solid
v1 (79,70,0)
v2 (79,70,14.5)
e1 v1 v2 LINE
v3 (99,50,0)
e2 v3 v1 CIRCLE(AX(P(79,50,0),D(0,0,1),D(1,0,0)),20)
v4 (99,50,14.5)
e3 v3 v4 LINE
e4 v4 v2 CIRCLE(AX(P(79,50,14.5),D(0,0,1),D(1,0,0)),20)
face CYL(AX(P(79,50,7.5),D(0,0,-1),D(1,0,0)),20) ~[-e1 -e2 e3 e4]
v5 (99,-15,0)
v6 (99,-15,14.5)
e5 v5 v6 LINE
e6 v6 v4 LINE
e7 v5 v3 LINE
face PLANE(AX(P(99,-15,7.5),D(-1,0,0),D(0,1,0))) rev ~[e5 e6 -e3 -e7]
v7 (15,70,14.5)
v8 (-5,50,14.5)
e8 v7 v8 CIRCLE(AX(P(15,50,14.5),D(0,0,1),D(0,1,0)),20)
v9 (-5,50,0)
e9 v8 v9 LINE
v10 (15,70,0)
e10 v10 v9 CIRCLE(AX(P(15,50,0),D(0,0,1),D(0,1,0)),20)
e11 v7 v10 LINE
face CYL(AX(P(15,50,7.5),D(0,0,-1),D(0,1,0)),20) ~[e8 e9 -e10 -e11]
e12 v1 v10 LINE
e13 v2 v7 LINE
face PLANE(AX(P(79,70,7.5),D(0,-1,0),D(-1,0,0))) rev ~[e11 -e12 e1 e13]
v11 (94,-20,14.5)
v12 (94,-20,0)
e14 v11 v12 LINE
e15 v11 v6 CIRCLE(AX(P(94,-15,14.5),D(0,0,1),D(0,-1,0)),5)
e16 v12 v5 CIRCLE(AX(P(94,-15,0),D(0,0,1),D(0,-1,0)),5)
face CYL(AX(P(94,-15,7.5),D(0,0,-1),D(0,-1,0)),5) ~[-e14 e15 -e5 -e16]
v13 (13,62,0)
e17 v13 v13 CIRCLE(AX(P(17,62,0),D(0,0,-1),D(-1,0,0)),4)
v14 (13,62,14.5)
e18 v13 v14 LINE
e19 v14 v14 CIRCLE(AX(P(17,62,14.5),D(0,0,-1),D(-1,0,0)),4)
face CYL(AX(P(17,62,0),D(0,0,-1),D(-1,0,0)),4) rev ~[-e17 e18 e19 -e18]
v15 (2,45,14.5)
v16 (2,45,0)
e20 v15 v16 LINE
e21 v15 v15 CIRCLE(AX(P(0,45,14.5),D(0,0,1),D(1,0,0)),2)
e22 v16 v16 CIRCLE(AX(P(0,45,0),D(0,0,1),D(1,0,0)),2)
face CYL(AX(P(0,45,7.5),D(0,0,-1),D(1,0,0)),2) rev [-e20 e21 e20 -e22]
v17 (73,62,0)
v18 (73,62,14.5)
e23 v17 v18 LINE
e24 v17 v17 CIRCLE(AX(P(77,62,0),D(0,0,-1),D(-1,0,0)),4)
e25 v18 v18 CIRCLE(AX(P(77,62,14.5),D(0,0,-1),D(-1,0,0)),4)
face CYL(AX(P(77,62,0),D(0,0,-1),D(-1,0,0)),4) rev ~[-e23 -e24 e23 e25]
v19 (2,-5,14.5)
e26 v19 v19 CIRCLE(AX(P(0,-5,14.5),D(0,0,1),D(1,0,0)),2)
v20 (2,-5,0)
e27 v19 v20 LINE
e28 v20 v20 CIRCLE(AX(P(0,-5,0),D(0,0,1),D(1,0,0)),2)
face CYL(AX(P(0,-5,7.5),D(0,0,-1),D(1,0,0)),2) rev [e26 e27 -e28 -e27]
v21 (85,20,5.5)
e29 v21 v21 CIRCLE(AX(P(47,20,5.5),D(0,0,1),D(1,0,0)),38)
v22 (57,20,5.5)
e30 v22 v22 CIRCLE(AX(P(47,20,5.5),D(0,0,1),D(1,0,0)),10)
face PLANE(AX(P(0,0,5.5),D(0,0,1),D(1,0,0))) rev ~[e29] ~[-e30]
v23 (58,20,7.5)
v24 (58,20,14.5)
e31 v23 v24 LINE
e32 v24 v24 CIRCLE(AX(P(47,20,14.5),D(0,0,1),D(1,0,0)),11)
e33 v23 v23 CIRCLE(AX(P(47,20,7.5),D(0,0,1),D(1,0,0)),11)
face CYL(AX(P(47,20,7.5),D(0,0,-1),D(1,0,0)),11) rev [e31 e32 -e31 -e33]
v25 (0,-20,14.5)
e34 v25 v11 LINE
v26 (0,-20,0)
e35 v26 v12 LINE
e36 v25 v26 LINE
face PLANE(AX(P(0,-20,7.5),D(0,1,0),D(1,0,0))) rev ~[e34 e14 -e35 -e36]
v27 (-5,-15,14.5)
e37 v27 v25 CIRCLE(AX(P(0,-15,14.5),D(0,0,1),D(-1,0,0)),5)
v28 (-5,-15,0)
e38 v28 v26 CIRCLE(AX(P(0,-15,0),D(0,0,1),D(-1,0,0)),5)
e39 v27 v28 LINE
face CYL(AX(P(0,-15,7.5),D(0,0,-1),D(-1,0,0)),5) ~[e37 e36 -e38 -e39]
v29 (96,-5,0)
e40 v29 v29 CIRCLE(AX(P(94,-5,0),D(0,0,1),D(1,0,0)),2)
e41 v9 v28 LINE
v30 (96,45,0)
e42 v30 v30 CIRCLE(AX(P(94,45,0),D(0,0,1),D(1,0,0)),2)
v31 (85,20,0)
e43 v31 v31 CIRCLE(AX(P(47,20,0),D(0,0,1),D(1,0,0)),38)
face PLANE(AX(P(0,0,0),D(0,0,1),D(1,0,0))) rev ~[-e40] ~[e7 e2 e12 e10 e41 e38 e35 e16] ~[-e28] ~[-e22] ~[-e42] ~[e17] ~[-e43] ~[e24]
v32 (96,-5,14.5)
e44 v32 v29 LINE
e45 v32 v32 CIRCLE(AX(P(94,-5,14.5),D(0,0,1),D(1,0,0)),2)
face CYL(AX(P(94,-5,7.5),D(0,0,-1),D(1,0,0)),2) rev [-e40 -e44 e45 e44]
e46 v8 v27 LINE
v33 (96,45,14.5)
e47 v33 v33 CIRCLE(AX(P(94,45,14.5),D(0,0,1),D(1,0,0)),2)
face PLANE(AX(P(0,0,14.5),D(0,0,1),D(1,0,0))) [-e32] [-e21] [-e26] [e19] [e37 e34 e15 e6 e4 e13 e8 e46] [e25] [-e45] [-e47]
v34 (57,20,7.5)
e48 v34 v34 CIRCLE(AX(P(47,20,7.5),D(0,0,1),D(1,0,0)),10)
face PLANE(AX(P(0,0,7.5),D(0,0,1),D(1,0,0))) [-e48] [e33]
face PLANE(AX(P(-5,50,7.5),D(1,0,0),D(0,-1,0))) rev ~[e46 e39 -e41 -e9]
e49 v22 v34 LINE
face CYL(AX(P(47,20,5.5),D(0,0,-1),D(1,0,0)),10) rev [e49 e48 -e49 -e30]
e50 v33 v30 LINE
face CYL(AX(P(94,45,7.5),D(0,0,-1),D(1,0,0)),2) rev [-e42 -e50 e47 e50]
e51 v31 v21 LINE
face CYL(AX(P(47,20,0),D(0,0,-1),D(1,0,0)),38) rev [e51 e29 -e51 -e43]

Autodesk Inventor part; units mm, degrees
ref_plane "YZ Plane" through (0, 0, 0) normal (1, 0, 0) x (0, 1, 0)
ref_plane "XZ Plane" through (0, 0, 0) normal (0, 1, 0) x (-1, 0, 0)
ref_plane "XY Plane" through (0, 0, 0) normal (0, 0, 1) x (1, 0, 0)
ref_plane "Work Plane1" through (0, 0, 0) normal (0, 0, 1) x (1, 0, 0)
sketch "Sketch1" plane through (0, 0, 0) normal (0, 0, 1) x (1, 0, 0)
  circle A0 centre (0, -5) radius 2 projected
  circle A1 centre (94, 45) radius 2 projected
  circle A2 centre (94, -5) radius 2 projected
  circle A3 centre (0, 45) radius 2 projected
  line L0 (5, -10) -> (5, 20) projected
  arc A4 (89, 20) -> (5, 20) centre (47, 20) ccw projected
  line L1 (89, 20) -> (89, -10) projected
  line L2 (99, -15) -> (99, 50) projected
  line L3 (79, 70) -> (15, 70) projected
  line L4 (-5, 50) -> (-5, -15) projected
  circle A5 centre (47, 20) radius 38
  circle A6 centre (77, 62) radius 4 projected
  circle A7 centre (17, 62) radius 4 projected
  line L5 (89, -10) -> (81, -10) projected
  line L6 (81, -20) -> (81, -10) projected
  line L7 (81, -20) -> (94, -20) projected
  line L8 (0, -20) -> (13, -20) projected
  line L9 (13, -20) -> (13, -10) projected
  line L10 (5, -10) -> (13, -10) projected
  line L11 (13, -20) -> (81, -20)
  arc A8 (94, -20) -> (99, -15) centre (94, -15) ccw projected
  arc A9 (99, 50) -> (79, 70) centre (79, 50) ccw projected
  arc A10 (15, 70) -> (-5, 50) centre (15, 50) ccw projected
  arc A11 (-5, -15) -> (0, -20) centre (0, -15) ccw projected
  point P0 (0, 0)
  dimension "d0" = 76
extrude "Extrusion1" add sketch "Sketch1" along normal blind 5.5 contours L10 L9 L8 A11 L4 A10 L3 A9 L2 A8 L7 L6 L5 L1 A4 L0 | L0 A4 L1 L5 L6 L11 L9 L10 | A6 | A7
sketch "Sketch2" plane through (0, 0, 5.5) normal (0, 0, 1) x (1, 0, 0)
  circle A0 centre (47, 20) radius 38 projected
  circle A1 centre (0, 45) radius 2 projected
  circle A2 centre (94, -5) radius 2 projected
  circle A3 centre (94, 45) radius 2 projected
  circle A4 centre (0, -5) radius 2 projected
  line L0 (99, -15) -> (99, 50) projected
  line L1 (79, 70) -> (15, 70) projected
  line L2 (-5, 50) -> (-5, -15) projected
  circle A5 centre (47, 20) radius 10
  line L3 (0, -20) -> (94, -20) projected
  arc A6 (94, -20) -> (99, -15) centre (94, -15) ccw projected
  arc A7 (99, 50) -> (79, 70) centre (79, 50) ccw projected
  arc A8 (15, 70) -> (-5, 50) centre (15, 50) ccw projected
  arc A9 (-5, -15) -> (0, -20) centre (0, -15) ccw projected
  point P0 (0, 0)
  dimension "d3" = 20
extrude "Extrusion2" add sketch "Sketch2" along normal blind 2 contours A0 | A6 L3 A9 L2 A8 L1 A7 L0
sketch "Sketch3" plane through (0, 0, 7.5) normal (0, 0, 1) x (1, 0, 0)
  circle A0 centre (47, 20) radius 10 projected
  circle A1 centre (0, -5) radius 2 projected
  circle A2 centre (94, 45) radius 2 projected
  circle A3 centre (94, -5) radius 2 projected
  circle A4 centre (0, 45) radius 2 projected
  line L0 (99, -15) -> (99, 50) projected
  line L1 (79, 70) -> (15, 70) projected
  line L2 (-5, 50) -> (-5, -15) projected
  circle A5 centre (47, 20) radius 11
  line L3 (0, -20) -> (94, -20) projected
  arc A6 (94, -20) -> (99, -15) centre (94, -15) ccw projected
  arc A7 (99, 50) -> (79, 70) centre (79, 50) ccw projected
  arc A8 (15, 70) -> (-5, 50) centre (15, 50) ccw projected
  arc A9 (-5, -15) -> (0, -20) centre (0, -15) ccw projected
  point P0 (0, 0)
  dimension "d6" = 22
extrude "Extrusion3" add sketch "Sketch3" along normal blind 7 contours A6 L3 A9 L2 A8 L1 A7 L0
sketch "Sketch4" plane through (0, 0, 0) normal (0, 0, -1) x (-1, 0, 0)
  circle A0 centre (0, -5) radius 2 construction
  circle A1 centre (-94, 45) radius 2 construction
  circle A2 centre (-94, -5) radius 2 construction
  circle A3 centre (0, 45) radius 2 construction
  line L0 (-85, -10) -> (-85, 20) construction
  arc A4 (-9, 20) -> (-85, 20) centre (-47, 20) ccw construction
  line L1 (-9, 20) -> (-9, -10) construction
  line L2 (5, -15) -> (5, 50) construction
  line L3 (-15, 70) -> (-79, 70) construction
  line L4 (-99, 50) -> (-99, -15) construction
  line L5 (-77, 62) -> (-17, 62) construction
  circle A5 centre (-77, 62) radius 4
  circle A6 centre (-17, 62) radius 4
  circle A7 centre (-77, 62) radius 4 projected
  circle A8 centre (-17, 62) radius 4 projected
  line L6 (-94, -20) -> (-81, -20) projected
  line L7 (-81, -20) -> (-81, -10) projected
  line L8 (-81, -10) -> (-85, -10) projected
  line L9 (-13, -10) -> (-9, -10) projected
  line L10 (-13, -20) -> (-13, -10) projected
  line L11 (0, -20) -> (-13, -20) projected
  arc A9 (-99, -15) -> (-94, -20) centre (-94, -15) ccw projected
  arc A10 (0, -20) -> (5, -15) centre (0, -15) ccw projected
  arc A11 (5, 50) -> (-15, 70) centre (-15, 50) ccw projected
  arc A12 (-79, 70) -> (-99, 50) centre (-79, 50) ccw projected
  point P0 (0, 0)
  point P1 (-47, 62)
  dimension "d9" = 8
  dimension "d10" = 8
  dimension "d11" = 60
extrude "Extrusion4" cut sketch "Sketch4" against normal through all
properties part number "frame bottom"
